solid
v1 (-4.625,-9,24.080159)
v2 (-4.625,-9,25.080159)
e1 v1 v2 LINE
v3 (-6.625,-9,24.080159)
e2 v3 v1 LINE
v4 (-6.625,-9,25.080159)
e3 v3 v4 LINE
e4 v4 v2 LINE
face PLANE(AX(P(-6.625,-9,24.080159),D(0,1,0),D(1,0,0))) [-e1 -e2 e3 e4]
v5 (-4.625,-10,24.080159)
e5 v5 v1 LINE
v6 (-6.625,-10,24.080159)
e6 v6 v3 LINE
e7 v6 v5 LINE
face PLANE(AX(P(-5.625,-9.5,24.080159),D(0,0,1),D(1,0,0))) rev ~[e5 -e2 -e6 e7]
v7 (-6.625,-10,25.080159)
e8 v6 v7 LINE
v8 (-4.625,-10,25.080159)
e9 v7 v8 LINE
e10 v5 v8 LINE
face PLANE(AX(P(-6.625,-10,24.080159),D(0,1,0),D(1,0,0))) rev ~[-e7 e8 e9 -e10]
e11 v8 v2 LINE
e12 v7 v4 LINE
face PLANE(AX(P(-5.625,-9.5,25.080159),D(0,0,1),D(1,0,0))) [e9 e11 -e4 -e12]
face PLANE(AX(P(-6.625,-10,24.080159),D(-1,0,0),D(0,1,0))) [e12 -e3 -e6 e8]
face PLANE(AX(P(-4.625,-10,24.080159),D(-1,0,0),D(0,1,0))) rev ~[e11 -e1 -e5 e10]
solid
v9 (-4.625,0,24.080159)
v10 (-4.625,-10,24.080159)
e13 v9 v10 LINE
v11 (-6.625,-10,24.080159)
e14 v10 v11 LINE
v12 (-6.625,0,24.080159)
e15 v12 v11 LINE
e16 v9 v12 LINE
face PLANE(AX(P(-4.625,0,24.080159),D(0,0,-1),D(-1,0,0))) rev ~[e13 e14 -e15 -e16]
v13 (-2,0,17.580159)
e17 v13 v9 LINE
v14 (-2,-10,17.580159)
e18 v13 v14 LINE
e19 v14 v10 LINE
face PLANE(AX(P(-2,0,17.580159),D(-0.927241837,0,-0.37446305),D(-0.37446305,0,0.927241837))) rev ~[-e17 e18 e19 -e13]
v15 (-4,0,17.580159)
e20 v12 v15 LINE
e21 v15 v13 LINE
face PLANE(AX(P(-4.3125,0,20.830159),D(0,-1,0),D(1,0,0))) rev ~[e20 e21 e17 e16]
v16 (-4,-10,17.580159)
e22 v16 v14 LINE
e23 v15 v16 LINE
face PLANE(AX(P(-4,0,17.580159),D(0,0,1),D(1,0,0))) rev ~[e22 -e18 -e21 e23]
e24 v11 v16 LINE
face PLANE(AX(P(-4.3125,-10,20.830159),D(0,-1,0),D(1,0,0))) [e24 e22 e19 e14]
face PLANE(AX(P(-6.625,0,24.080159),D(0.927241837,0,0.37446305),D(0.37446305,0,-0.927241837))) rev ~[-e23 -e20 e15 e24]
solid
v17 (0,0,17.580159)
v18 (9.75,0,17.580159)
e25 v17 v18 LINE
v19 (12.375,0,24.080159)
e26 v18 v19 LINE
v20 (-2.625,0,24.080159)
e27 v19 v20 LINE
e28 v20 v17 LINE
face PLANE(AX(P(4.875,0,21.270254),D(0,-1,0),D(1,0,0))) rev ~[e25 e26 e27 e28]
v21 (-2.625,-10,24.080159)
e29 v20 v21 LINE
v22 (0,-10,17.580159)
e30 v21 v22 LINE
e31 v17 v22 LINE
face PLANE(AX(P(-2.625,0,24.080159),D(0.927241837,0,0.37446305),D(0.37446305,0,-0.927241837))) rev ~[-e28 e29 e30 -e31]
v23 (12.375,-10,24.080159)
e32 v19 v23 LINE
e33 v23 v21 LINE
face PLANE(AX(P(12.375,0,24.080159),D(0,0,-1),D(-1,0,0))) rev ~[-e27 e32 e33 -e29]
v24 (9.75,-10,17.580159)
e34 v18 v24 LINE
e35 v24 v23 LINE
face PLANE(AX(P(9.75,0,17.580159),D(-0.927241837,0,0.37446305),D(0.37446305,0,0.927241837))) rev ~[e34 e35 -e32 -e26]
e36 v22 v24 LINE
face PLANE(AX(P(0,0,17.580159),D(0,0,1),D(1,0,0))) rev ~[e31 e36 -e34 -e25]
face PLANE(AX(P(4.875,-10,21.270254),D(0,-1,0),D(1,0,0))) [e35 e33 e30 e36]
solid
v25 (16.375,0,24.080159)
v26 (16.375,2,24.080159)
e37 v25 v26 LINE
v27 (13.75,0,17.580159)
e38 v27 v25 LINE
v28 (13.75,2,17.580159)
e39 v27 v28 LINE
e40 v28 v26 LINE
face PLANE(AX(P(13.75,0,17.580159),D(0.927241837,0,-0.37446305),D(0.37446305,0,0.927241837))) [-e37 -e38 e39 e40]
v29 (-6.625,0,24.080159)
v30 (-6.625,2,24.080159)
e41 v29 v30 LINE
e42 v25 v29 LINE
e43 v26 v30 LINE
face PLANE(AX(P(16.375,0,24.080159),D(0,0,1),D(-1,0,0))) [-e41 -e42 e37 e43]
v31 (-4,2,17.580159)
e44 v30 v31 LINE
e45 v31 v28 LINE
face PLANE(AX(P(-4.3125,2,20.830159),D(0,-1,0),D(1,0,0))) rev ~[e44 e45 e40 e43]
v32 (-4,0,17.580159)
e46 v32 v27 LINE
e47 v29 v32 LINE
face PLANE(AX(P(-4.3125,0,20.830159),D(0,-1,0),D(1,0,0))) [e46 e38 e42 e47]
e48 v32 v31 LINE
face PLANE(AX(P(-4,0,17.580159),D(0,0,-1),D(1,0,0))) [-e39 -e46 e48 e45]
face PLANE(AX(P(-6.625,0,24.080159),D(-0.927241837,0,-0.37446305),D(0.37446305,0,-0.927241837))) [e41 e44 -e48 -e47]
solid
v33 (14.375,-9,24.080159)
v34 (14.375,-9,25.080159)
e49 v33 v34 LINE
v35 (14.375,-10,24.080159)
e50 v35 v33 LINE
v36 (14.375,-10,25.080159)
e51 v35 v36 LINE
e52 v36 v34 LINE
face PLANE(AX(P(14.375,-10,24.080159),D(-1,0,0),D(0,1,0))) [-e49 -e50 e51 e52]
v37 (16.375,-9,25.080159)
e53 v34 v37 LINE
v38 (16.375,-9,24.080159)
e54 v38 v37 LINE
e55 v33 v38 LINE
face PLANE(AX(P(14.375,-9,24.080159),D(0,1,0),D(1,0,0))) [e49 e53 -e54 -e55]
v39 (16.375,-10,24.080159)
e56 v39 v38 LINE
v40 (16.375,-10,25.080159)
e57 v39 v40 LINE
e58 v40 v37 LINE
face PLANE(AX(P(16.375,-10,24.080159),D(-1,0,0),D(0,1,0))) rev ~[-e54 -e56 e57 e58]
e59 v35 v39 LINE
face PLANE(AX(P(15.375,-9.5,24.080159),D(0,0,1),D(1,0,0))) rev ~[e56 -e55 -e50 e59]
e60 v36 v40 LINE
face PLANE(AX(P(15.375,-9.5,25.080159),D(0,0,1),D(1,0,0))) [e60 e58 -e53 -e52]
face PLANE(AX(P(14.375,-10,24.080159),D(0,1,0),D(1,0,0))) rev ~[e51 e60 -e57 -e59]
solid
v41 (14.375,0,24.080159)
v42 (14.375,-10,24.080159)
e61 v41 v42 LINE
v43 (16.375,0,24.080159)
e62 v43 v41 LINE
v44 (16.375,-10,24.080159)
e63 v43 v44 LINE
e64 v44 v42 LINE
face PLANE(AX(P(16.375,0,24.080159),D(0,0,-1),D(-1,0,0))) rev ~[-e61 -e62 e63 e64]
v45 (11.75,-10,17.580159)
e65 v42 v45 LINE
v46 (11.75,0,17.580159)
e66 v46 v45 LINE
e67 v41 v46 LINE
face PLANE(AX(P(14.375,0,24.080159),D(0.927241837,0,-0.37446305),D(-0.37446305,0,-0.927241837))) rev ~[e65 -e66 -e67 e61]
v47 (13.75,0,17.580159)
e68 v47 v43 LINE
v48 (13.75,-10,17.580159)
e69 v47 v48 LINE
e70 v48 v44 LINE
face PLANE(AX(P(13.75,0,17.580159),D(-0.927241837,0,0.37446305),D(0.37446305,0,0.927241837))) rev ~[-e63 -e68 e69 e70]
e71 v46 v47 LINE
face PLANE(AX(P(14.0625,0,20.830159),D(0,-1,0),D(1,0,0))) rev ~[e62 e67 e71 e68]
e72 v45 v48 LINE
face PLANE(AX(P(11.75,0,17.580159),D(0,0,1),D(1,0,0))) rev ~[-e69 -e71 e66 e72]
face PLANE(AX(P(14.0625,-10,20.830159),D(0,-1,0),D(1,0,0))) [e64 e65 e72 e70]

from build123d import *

# Parameters (mm, degrees)
F1_DEPTH = 10
F2_DEPTH = 2
F3_W     = 2
F3_H     = 1
F4_DEPTH = 1


with BuildPart() as f1:
    # F0 (on Front) → F1 (new body)
    with BuildSketch(Plane.XZ):
        Polygon((12.375, 24.080159), (-2.625, 24.080159), (0, 17.580159), (9.75, 17.580159), align=None)
        Polygon((-2, 17.580159), (-4.625, 24.080159), (-6.625, 24.080159), (-4, 17.580159), align=None)
        Polygon((16.375, 24.080159), (14.375, 24.080159), (11.75, 17.580159), (13.75, 17.580159), align=None)
    extrude(amount=F1_DEPTH)


with BuildPart() as f2:
    # F0 (on Front) → F2 (new body)
    with BuildSketch(Plane.XZ):
        Polygon((-2, 17.580159), (-4.625, 24.080159), (-6.625, 24.080159), (-4, 17.580159), align=None)
        Polygon((0, 17.580159), (-2.625, 24.080159), (-4.625, 24.080159), (-2, 17.580159), align=None)
        Polygon((12.375, 24.080159), (-2.625, 24.080159), (0, 17.580159), (9.75, 17.580159), align=None)
        Polygon((14.375, 24.080159), (12.375, 24.080159), (9.75, 17.580159), (11.75, 17.580159), align=None)
        Polygon((16.375, 24.080159), (14.375, 24.080159), (11.75, 17.580159), (13.75, 17.580159), align=None)
    extrude(amount=-F2_DEPTH)


with BuildPart() as f4:
    # F3 (on face) → F4 (new body)
    with BuildSketch(Plane.XY.offset(24.080159)):
        with Locations((-5.625, -9.5)):
            Rectangle(F3_W, F3_H)
        with Locations((15.375, -9.5)):
            Rectangle(F3_W, F3_H)
    extrude(amount=F4_DEPTH)


solid = Compound([f1.part, f2.part, f4.part])
